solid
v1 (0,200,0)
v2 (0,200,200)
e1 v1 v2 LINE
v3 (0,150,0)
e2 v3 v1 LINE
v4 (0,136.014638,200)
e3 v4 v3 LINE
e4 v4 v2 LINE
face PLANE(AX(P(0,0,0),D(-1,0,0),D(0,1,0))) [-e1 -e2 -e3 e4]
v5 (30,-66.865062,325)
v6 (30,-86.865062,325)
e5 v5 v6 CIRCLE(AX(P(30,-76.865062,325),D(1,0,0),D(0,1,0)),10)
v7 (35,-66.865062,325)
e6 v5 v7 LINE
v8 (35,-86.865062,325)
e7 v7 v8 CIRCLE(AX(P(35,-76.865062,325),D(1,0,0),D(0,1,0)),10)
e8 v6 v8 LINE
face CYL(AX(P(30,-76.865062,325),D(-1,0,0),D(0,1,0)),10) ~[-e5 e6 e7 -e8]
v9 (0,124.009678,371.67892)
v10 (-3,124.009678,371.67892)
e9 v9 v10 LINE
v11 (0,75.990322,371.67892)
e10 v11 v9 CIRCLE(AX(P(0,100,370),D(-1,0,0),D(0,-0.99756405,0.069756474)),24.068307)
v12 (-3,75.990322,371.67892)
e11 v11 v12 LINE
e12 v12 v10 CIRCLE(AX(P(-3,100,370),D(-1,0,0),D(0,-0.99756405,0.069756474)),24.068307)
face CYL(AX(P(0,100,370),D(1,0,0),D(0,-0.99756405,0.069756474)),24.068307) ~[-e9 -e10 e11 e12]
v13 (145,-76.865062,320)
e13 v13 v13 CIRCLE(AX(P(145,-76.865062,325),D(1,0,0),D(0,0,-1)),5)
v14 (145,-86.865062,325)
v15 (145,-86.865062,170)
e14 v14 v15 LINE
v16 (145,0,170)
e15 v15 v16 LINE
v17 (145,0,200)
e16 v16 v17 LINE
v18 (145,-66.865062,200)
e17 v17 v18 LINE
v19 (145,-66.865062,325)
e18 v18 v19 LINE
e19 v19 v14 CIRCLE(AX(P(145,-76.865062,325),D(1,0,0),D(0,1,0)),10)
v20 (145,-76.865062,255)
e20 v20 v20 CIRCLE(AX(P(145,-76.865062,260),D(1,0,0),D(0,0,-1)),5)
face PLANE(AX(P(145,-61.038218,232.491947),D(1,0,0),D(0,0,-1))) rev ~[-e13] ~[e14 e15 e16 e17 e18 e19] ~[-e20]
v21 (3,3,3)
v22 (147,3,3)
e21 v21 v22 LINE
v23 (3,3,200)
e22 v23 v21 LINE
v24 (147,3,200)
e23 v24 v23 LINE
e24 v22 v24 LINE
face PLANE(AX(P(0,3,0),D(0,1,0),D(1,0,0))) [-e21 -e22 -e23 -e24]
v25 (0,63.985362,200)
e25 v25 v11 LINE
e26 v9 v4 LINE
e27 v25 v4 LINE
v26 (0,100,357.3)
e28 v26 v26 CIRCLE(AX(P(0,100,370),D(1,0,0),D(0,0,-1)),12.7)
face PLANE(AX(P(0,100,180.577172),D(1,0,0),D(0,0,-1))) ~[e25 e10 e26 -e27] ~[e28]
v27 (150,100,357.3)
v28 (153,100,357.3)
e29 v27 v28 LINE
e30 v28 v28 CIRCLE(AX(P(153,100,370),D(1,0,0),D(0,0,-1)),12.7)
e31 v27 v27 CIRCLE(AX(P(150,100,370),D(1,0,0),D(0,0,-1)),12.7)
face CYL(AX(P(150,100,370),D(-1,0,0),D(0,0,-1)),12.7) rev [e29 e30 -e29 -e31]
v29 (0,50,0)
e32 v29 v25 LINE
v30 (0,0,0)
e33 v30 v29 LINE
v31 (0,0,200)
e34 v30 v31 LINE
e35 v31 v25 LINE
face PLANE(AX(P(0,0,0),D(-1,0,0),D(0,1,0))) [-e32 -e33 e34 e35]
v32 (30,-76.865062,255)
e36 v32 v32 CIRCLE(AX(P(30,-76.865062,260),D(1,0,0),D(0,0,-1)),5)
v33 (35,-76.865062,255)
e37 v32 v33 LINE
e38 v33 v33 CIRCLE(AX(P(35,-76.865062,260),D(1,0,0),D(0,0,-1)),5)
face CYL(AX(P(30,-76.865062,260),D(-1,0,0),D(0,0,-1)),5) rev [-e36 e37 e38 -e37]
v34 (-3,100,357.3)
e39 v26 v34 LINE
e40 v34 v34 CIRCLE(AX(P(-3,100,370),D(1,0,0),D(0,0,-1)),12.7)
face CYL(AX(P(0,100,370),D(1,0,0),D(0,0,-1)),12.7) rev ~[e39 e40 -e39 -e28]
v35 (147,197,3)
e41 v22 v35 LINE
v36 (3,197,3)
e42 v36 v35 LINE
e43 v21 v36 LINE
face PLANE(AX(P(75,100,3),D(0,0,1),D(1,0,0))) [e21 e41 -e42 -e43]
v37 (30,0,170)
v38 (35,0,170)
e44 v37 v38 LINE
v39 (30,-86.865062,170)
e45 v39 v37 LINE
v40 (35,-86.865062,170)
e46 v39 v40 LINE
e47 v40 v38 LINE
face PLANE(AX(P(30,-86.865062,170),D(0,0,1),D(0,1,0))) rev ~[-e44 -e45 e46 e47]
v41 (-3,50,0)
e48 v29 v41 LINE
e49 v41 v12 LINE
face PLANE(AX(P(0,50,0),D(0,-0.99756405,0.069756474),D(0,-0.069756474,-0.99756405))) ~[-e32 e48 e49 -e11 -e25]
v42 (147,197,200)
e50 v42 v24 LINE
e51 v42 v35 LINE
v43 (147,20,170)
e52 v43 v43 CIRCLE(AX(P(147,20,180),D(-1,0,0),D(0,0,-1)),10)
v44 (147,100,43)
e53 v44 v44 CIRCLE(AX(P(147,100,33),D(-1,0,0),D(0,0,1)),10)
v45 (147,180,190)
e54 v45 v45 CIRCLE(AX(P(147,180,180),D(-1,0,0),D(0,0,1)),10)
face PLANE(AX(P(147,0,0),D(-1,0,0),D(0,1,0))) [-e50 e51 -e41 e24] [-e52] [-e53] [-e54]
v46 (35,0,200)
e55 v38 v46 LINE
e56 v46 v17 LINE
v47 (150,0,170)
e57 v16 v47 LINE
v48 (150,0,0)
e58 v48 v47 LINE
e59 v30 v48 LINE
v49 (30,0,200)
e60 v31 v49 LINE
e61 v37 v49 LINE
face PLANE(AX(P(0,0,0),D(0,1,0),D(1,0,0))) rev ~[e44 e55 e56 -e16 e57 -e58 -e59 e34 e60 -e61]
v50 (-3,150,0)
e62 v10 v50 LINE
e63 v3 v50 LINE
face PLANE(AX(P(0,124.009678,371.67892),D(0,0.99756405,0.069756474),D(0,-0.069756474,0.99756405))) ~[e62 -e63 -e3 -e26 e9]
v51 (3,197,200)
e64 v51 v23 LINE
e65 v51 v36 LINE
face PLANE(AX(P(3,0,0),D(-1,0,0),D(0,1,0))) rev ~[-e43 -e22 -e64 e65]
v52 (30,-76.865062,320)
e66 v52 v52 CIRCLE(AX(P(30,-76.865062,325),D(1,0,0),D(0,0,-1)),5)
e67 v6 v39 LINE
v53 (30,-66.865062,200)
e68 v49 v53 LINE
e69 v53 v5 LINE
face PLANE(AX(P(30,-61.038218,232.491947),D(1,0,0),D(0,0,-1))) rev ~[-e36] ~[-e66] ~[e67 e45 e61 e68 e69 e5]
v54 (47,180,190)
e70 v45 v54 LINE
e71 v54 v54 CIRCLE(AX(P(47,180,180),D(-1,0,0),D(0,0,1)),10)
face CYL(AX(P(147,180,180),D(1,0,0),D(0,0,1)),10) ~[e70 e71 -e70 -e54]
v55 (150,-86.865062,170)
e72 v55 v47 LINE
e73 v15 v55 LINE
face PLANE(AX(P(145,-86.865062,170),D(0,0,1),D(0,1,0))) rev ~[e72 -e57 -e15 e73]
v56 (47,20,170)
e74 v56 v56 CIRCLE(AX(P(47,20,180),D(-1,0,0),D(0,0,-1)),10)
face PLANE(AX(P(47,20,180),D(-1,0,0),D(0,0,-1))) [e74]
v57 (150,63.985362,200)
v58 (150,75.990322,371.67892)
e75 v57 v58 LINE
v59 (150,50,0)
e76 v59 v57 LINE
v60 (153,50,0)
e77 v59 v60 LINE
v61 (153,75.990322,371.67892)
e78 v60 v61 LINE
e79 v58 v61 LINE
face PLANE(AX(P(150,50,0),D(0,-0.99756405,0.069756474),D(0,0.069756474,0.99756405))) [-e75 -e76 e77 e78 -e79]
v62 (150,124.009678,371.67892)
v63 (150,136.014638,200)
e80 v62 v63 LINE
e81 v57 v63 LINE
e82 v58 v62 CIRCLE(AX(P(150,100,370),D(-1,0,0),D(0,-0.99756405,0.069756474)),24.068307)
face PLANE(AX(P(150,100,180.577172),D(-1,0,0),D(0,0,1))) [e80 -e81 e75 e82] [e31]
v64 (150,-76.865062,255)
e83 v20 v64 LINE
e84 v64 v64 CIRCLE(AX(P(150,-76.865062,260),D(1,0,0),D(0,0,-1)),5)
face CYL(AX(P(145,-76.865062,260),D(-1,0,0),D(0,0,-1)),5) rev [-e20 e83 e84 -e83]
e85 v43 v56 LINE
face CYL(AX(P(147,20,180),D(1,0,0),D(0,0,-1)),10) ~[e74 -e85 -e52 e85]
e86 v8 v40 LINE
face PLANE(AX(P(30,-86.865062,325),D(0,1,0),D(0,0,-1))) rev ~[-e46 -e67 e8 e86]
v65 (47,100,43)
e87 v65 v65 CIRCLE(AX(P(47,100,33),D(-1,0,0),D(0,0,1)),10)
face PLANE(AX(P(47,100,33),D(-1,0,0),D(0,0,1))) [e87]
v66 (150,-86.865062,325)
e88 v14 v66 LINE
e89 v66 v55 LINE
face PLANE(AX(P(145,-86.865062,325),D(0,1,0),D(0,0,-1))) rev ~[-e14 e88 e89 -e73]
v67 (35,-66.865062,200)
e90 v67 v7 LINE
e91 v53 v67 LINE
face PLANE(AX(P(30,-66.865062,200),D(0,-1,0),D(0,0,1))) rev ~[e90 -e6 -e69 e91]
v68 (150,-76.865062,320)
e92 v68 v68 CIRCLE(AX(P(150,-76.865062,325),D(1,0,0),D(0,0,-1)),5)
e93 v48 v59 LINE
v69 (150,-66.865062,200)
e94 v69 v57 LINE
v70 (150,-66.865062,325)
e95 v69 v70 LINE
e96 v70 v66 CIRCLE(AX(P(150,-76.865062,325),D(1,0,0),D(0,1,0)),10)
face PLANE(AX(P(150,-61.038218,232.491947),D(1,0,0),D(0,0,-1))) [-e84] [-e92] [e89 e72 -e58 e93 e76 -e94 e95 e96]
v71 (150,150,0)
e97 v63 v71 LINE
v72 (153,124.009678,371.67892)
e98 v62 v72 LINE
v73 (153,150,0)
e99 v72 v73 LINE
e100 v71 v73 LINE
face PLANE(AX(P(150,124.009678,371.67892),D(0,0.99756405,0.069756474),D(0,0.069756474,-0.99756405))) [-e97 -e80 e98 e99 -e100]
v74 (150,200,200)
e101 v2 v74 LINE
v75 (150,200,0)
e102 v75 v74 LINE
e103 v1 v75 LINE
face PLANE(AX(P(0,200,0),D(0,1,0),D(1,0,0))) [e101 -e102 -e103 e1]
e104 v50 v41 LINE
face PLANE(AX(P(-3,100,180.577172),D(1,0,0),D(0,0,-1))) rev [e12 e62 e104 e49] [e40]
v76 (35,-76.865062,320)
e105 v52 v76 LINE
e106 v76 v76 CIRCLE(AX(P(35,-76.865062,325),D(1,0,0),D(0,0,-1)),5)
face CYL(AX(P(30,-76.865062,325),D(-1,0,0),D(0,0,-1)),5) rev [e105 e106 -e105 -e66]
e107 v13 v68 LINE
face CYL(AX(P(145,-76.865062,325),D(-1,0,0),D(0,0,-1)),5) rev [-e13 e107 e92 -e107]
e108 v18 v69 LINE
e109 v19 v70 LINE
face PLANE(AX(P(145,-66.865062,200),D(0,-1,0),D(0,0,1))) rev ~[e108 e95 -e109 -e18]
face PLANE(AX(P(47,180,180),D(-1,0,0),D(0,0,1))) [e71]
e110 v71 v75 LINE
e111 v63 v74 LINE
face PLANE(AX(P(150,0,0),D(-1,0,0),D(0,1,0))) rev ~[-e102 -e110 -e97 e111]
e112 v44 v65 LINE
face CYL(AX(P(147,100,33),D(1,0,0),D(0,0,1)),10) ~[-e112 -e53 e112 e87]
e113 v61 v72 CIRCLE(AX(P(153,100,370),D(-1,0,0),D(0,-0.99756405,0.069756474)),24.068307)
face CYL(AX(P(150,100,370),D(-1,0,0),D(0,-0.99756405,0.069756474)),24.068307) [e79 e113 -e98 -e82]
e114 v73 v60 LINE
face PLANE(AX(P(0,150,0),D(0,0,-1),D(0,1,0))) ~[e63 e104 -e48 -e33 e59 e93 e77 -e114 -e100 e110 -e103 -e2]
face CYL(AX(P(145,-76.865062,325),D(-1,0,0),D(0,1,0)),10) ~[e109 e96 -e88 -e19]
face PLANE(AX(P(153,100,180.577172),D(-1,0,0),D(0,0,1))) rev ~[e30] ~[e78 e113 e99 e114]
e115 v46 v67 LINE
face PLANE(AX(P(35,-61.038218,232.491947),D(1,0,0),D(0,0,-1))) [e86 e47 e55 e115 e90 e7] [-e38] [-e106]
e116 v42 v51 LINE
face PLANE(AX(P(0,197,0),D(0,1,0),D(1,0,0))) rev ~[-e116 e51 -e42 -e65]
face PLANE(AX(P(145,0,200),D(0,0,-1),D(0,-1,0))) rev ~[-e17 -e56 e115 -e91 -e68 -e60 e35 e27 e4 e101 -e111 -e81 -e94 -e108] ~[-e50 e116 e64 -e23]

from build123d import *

# Parameters (mm, degrees)
CROQUIS1_W              = 150
CROQUIS1_H              = 200
SALIENTE_EXTRUIR1_DEPTH = 200
VACIADO1_T              = -3
CROQUIS2_R              = 10
SALIENTE_EXTRUIR2_DEPTH = 100
CROQUIS3_R              = 12.7
SALIENTE_EXTRUIR3_DEPTH = 3
CROQUIS6_R              = 5
SALIENTE_EXTRUIR4_DEPTH = 5
SALIENTE_EXTRUIR5_START = -5
CROQUIS8_R              = 5
SALIENTE_EXTRUIR5_DEPTH = 5


with BuildPart() as part:
    # Croquis1 → Saliente-Extruir1 (new body)
    with BuildSketch(Plane.XY):
        with Locations((75, 100)):
            Rectangle(CROQUIS1_W, CROQUIS1_H)
    extrude(amount=SALIENTE_EXTRUIR1_DEPTH)

    # Vaciado1
    vaciado1_openings = [part.faces().sort_by_distance(p)[0] for p in [
        (75, 100, 200),
    ]]
    offset(amount=VACIADO1_T, openings=vaciado1_openings, kind=Kind.INTERSECTION)

    # Croquis2 → Saliente-Extruir2 (add)
    with BuildSketch(Plane.ZY.offset(-147)):
        with Locations((33, 100)):
            Circle(CROQUIS2_R)
        with Locations((180, 180)):
            Circle(CROQUIS2_R)
        with Locations(Location((180, 20, 0), (0, 0, 180))):
            Circle(CROQUIS2_R)
    extrude(amount=SALIENTE_EXTRUIR2_DEPTH)

    # Croquis3 → Saliente-Extruir3 (add)
    with BuildSketch(Plane(origin=(150, 0, 0), x_dir=(0, 0, -1), z_dir=(1, 0, 0))):
        with BuildLine():
            Line((-371.678920241, 124.009678041), (0, 150))
            Line((0, 150), (0, 50))
            Line((0, 50), (-371.678920241, 75.990321959))
            ThreePointArc((-371.678920241, 75.990321959), (-394.068307228, 100), (-371.678920241, 124.009678041))
        make_face()
        with Locations((-370, 100)):
            Circle(CROQUIS3_R, mode=Mode.SUBTRACT)
    saliente_extruir3 = extrude(amount=SALIENTE_EXTRUIR3_DEPTH)

    # Simetría1: Saliente-Extruir3 across plane
    add(saliente_extruir3.mirror(Plane(origin=(75, 0, 0), x_dir=(0, 0, 1), z_dir=(1, 0, 0))))

    # Croquis6 → Saliente-Extruir4 (add)
    with BuildSketch(Plane(origin=(30, 0, 0), x_dir=(0, 0, -1), z_dir=(1, 0, 0))):
        with BuildLine():
            Line((-200, 0), (-200, -66.865061558))
            Line((-200, -66.865061558), (-325, -66.865061558))
            ThreePointArc((-325, -66.865061558), (-335, -76.865061558), (-325, -86.865061558))
            Line((-325, -86.865061558), (-170, -86.865061558))
            Line((-170, -86.865061558), (-170, 0))
            Line((-170, 0), (-200, 0))
        make_face()
        with Locations((-325, -76.865061558)):
            Circle(CROQUIS6_R, mode=Mode.SUBTRACT)
        with Locations((-260, -76.865061558)):
            Circle(CROQUIS6_R, mode=Mode.SUBTRACT)
    extrude(amount=SALIENTE_EXTRUIR4_DEPTH)

    # Croquis8 → Saliente-Extruir5 (add)
    with BuildSketch(Plane(origin=(150, 0, 0), x_dir=(0, 0, -1), z_dir=(1, 0, 0)).offset(SALIENTE_EXTRUIR5_START)):
        with BuildLine():
            Line((-200, -66.865061558), (-325, -66.865061558))
            ThreePointArc((-325, -66.865061558), (-335, -76.865061558), (-325, -86.865061558))
            Line((-325, -86.865061558), (-170, -86.865061558))
            Line((-170, -86.865061558), (-170, 0))
            Line((-170, 0), (-200, 0))
            Line((-200, 0), (-200, -66.865061558))
        make_face()
        with Locations((-260, -76.865061558)):
            Circle(CROQUIS8_R, mode=Mode.SUBTRACT)
        with Locations((-325, -76.865061558)):
            Circle(CROQUIS8_R, mode=Mode.SUBTRACT)
    extrude(amount=SALIENTE_EXTRUIR5_DEPTH)


solid = part.part
